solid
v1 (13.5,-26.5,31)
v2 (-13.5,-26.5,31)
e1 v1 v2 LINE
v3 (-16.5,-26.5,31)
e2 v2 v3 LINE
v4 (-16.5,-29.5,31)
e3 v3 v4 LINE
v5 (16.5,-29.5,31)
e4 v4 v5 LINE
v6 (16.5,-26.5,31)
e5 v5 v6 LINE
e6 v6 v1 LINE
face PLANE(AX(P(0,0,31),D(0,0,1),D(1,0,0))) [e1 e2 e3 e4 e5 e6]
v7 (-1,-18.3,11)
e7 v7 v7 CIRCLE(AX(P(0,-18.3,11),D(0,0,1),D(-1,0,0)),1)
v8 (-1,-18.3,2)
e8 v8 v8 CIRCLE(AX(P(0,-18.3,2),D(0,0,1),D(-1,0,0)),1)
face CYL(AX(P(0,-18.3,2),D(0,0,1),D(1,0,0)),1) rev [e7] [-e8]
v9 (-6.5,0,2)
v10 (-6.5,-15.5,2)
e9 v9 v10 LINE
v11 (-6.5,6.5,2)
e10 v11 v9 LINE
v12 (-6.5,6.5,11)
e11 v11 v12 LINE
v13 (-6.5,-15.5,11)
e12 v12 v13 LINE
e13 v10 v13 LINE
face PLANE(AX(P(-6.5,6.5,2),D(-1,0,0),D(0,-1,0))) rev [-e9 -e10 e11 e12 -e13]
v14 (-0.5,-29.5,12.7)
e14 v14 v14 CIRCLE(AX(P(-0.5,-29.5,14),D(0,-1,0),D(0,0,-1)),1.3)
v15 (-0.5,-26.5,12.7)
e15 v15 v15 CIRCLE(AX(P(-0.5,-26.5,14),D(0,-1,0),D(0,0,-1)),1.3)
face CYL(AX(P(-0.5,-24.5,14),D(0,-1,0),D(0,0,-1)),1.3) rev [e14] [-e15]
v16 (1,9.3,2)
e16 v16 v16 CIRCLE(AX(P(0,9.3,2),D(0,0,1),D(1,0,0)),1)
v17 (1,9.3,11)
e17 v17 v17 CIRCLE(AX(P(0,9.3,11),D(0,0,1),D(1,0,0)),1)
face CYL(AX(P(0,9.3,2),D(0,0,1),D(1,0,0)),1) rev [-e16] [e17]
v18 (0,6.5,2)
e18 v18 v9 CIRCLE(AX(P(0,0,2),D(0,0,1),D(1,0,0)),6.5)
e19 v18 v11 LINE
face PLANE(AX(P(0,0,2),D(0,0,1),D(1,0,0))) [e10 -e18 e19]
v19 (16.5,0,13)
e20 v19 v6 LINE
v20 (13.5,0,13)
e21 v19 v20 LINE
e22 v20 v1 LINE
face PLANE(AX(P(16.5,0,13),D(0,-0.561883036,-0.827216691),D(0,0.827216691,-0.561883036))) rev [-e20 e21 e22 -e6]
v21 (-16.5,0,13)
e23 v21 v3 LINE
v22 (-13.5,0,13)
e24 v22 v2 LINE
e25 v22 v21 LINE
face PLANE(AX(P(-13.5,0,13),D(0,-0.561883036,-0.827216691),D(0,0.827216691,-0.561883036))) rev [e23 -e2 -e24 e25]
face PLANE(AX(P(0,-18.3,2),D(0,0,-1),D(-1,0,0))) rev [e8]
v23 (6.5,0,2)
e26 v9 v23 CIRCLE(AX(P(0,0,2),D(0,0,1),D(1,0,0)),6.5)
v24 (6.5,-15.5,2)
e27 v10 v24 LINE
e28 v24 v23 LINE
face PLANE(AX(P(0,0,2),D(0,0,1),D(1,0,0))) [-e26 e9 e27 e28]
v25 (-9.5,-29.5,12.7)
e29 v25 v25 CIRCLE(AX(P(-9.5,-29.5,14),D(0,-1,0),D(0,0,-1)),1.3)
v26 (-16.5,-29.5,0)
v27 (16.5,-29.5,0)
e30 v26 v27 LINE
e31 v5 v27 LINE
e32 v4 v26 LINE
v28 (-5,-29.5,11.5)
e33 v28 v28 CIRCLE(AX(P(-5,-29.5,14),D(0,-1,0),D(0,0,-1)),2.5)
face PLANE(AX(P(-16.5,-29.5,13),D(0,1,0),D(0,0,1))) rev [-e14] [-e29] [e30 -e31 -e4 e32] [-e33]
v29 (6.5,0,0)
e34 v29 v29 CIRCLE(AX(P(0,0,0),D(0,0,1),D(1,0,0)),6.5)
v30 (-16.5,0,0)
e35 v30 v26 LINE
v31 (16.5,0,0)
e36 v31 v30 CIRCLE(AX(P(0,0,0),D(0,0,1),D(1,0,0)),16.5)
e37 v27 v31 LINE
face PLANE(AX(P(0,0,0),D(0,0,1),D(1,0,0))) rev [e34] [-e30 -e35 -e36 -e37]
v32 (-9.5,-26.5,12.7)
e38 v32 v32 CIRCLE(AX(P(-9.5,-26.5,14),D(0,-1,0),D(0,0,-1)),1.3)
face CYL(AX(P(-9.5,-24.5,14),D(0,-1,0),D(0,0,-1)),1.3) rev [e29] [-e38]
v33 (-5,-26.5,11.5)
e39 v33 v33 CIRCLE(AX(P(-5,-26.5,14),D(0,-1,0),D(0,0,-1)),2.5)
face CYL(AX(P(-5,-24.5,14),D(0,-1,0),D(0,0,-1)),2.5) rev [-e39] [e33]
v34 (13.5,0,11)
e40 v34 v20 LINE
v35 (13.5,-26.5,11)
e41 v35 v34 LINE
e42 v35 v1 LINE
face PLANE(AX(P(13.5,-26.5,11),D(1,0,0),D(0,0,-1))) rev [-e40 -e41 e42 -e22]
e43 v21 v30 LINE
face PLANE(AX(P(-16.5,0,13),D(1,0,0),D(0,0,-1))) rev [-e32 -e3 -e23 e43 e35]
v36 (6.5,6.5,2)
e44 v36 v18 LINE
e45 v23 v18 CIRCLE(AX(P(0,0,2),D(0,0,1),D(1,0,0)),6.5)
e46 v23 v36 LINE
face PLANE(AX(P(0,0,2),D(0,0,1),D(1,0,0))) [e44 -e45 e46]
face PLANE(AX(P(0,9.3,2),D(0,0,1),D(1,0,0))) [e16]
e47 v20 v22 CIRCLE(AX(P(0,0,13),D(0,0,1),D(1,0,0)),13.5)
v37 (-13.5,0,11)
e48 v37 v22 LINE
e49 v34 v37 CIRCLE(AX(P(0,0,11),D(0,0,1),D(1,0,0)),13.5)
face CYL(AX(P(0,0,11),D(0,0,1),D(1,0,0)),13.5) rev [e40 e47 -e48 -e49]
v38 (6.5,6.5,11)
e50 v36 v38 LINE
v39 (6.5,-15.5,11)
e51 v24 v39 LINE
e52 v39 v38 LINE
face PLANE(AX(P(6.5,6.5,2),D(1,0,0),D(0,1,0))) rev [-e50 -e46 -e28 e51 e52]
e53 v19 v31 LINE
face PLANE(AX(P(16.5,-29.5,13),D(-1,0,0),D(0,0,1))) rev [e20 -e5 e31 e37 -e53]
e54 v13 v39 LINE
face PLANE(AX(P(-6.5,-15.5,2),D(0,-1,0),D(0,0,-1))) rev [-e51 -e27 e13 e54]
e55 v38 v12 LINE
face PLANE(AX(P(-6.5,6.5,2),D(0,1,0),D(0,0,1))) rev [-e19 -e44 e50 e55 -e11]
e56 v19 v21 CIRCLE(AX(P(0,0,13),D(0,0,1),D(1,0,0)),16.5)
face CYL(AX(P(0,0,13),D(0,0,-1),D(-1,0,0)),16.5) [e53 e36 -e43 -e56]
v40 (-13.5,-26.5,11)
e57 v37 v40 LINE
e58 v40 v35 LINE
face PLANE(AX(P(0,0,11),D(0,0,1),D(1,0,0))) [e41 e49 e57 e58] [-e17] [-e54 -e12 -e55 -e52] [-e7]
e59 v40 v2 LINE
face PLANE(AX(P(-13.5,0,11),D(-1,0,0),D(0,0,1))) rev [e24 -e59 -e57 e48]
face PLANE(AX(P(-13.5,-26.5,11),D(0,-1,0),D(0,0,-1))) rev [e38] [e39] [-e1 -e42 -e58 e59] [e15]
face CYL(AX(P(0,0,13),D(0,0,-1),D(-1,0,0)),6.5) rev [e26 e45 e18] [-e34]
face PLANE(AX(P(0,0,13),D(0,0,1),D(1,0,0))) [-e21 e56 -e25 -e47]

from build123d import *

# Parameters (mm, degrees)
SKETCH1_R           = 6.5
BOSS_EXTRUDE1_DEPTH = 13
CUT_EXTRUDE1_DEPTH  = 2
SKETCH3_R           = 1
SKETCH3_W           = 13
SKETCH3_H           = 22
CUT_EXTRUDE2_DEPTH  = 9
BOSS_EXTRUDE2_DEPTH = 18
BOSS_EXTRUDE3_DEPTH = 1.5
BOSS_EXTRUDE4_DEPTH = 1.5
SKETCH7_R           = 2.5
SKETCH7_R_2         = 1.3
CUT_EXTRUDE3_DEPTH  = 5


with BuildPart() as part:
    # Sketch1 → Boss-Extrude1 (new body)
    with BuildSketch(Plane.XY):
        with BuildLine():
            Line((-16.5, 0), (-16.5, -29.5))
            Line((-16.5, -29.5), (16.5, -29.5))
            Line((16.5, -29.5), (16.5, 0))
            ThreePointArc((16.5, 0), (0, 16.5), (-16.5, 0))
        make_face()
        with Locations(Location((0, 0, 0), (0, 0, 180))):
            Circle(SKETCH1_R, mode=Mode.SUBTRACT)
    extrude(amount=BOSS_EXTRUDE1_DEPTH)

    # Sketch2 → Cut-Extrude1 (cut)
    with BuildSketch(Plane.XY.offset(13)):
        with BuildLine():
            Line((-13.5, -26.5), (13.5, -26.5))
            Line((13.5, -26.5), (13.5, 0))
            ThreePointArc((13.5, 0), (0, 13.5), (-13.5, 0))
            Line((-13.5, 0), (-13.5, -26.5))
        make_face()
    extrude(amount=-CUT_EXTRUDE1_DEPTH, mode=Mode.SUBTRACT)

    # Sketch3 → Cut-Extrude2 (cut)
    with BuildSketch(Plane.XY.offset(11)):
        with Locations((0, 9.3)):
            Circle(SKETCH3_R)
        with Locations(Location((0, -18.3, 0), (0, 0, 180))):
            Circle(SKETCH3_R)
        with Locations((0, -4.5)):
            Rectangle(SKETCH3_W, SKETCH3_H)
    extrude(amount=-CUT_EXTRUDE2_DEPTH, mode=Mode.SUBTRACT)

    # Sketch4 → Boss-Extrude2 (add)
    with BuildSketch(Plane.XY.offset(13)):
        Polygon((-16.5, -26.5), (-16.5, -29.5), (16.5, -29.5), (16.5, -26.5), (13.5, -26.5), (-13.5, -26.5), align=None)
    extrude(amount=BOSS_EXTRUDE2_DEPTH)

    # Sketch5 → Boss-Extrude3 (add, symmetric)
    with BuildSketch(Plane(origin=(-15, 0, 0), x_dir=(0, 0, -1), z_dir=(1, 0, 0))):
        Polygon((-13, 0), (-31, -26.5), (-13, -26.5), align=None)
    extrude(amount=BOSS_EXTRUDE3_DEPTH, both=True)

    # Sketch6 → Boss-Extrude4 (add, symmetric)
    with BuildSketch(Plane(origin=(15, 0, 0), x_dir=(0, 0, -1), z_dir=(1, 0, 0))):
        Polygon((-13, 0), (-31, -26.5), (-13, -26.5), align=None)
    extrude(amount=BOSS_EXTRUDE4_DEPTH, both=True)

    # Sketch7 → Cut-Extrude3 (cut)
    with BuildSketch(Plane.XZ.offset(29.5)):
        with Locations(Location((-5, 14, 0), (0, 0, 270))):
            Circle(SKETCH7_R)
        with Locations(Location((-0.5, 14, 0), (0, 0, 270))):
            Circle(SKETCH7_R_2)
        with Locations(Location((-9.5, 14, 0), (0, 0, 270))):
            Circle(SKETCH7_R_2)
    extrude(amount=-CUT_EXTRUDE3_DEPTH, mode=Mode.SUBTRACT)


solid = part.part
